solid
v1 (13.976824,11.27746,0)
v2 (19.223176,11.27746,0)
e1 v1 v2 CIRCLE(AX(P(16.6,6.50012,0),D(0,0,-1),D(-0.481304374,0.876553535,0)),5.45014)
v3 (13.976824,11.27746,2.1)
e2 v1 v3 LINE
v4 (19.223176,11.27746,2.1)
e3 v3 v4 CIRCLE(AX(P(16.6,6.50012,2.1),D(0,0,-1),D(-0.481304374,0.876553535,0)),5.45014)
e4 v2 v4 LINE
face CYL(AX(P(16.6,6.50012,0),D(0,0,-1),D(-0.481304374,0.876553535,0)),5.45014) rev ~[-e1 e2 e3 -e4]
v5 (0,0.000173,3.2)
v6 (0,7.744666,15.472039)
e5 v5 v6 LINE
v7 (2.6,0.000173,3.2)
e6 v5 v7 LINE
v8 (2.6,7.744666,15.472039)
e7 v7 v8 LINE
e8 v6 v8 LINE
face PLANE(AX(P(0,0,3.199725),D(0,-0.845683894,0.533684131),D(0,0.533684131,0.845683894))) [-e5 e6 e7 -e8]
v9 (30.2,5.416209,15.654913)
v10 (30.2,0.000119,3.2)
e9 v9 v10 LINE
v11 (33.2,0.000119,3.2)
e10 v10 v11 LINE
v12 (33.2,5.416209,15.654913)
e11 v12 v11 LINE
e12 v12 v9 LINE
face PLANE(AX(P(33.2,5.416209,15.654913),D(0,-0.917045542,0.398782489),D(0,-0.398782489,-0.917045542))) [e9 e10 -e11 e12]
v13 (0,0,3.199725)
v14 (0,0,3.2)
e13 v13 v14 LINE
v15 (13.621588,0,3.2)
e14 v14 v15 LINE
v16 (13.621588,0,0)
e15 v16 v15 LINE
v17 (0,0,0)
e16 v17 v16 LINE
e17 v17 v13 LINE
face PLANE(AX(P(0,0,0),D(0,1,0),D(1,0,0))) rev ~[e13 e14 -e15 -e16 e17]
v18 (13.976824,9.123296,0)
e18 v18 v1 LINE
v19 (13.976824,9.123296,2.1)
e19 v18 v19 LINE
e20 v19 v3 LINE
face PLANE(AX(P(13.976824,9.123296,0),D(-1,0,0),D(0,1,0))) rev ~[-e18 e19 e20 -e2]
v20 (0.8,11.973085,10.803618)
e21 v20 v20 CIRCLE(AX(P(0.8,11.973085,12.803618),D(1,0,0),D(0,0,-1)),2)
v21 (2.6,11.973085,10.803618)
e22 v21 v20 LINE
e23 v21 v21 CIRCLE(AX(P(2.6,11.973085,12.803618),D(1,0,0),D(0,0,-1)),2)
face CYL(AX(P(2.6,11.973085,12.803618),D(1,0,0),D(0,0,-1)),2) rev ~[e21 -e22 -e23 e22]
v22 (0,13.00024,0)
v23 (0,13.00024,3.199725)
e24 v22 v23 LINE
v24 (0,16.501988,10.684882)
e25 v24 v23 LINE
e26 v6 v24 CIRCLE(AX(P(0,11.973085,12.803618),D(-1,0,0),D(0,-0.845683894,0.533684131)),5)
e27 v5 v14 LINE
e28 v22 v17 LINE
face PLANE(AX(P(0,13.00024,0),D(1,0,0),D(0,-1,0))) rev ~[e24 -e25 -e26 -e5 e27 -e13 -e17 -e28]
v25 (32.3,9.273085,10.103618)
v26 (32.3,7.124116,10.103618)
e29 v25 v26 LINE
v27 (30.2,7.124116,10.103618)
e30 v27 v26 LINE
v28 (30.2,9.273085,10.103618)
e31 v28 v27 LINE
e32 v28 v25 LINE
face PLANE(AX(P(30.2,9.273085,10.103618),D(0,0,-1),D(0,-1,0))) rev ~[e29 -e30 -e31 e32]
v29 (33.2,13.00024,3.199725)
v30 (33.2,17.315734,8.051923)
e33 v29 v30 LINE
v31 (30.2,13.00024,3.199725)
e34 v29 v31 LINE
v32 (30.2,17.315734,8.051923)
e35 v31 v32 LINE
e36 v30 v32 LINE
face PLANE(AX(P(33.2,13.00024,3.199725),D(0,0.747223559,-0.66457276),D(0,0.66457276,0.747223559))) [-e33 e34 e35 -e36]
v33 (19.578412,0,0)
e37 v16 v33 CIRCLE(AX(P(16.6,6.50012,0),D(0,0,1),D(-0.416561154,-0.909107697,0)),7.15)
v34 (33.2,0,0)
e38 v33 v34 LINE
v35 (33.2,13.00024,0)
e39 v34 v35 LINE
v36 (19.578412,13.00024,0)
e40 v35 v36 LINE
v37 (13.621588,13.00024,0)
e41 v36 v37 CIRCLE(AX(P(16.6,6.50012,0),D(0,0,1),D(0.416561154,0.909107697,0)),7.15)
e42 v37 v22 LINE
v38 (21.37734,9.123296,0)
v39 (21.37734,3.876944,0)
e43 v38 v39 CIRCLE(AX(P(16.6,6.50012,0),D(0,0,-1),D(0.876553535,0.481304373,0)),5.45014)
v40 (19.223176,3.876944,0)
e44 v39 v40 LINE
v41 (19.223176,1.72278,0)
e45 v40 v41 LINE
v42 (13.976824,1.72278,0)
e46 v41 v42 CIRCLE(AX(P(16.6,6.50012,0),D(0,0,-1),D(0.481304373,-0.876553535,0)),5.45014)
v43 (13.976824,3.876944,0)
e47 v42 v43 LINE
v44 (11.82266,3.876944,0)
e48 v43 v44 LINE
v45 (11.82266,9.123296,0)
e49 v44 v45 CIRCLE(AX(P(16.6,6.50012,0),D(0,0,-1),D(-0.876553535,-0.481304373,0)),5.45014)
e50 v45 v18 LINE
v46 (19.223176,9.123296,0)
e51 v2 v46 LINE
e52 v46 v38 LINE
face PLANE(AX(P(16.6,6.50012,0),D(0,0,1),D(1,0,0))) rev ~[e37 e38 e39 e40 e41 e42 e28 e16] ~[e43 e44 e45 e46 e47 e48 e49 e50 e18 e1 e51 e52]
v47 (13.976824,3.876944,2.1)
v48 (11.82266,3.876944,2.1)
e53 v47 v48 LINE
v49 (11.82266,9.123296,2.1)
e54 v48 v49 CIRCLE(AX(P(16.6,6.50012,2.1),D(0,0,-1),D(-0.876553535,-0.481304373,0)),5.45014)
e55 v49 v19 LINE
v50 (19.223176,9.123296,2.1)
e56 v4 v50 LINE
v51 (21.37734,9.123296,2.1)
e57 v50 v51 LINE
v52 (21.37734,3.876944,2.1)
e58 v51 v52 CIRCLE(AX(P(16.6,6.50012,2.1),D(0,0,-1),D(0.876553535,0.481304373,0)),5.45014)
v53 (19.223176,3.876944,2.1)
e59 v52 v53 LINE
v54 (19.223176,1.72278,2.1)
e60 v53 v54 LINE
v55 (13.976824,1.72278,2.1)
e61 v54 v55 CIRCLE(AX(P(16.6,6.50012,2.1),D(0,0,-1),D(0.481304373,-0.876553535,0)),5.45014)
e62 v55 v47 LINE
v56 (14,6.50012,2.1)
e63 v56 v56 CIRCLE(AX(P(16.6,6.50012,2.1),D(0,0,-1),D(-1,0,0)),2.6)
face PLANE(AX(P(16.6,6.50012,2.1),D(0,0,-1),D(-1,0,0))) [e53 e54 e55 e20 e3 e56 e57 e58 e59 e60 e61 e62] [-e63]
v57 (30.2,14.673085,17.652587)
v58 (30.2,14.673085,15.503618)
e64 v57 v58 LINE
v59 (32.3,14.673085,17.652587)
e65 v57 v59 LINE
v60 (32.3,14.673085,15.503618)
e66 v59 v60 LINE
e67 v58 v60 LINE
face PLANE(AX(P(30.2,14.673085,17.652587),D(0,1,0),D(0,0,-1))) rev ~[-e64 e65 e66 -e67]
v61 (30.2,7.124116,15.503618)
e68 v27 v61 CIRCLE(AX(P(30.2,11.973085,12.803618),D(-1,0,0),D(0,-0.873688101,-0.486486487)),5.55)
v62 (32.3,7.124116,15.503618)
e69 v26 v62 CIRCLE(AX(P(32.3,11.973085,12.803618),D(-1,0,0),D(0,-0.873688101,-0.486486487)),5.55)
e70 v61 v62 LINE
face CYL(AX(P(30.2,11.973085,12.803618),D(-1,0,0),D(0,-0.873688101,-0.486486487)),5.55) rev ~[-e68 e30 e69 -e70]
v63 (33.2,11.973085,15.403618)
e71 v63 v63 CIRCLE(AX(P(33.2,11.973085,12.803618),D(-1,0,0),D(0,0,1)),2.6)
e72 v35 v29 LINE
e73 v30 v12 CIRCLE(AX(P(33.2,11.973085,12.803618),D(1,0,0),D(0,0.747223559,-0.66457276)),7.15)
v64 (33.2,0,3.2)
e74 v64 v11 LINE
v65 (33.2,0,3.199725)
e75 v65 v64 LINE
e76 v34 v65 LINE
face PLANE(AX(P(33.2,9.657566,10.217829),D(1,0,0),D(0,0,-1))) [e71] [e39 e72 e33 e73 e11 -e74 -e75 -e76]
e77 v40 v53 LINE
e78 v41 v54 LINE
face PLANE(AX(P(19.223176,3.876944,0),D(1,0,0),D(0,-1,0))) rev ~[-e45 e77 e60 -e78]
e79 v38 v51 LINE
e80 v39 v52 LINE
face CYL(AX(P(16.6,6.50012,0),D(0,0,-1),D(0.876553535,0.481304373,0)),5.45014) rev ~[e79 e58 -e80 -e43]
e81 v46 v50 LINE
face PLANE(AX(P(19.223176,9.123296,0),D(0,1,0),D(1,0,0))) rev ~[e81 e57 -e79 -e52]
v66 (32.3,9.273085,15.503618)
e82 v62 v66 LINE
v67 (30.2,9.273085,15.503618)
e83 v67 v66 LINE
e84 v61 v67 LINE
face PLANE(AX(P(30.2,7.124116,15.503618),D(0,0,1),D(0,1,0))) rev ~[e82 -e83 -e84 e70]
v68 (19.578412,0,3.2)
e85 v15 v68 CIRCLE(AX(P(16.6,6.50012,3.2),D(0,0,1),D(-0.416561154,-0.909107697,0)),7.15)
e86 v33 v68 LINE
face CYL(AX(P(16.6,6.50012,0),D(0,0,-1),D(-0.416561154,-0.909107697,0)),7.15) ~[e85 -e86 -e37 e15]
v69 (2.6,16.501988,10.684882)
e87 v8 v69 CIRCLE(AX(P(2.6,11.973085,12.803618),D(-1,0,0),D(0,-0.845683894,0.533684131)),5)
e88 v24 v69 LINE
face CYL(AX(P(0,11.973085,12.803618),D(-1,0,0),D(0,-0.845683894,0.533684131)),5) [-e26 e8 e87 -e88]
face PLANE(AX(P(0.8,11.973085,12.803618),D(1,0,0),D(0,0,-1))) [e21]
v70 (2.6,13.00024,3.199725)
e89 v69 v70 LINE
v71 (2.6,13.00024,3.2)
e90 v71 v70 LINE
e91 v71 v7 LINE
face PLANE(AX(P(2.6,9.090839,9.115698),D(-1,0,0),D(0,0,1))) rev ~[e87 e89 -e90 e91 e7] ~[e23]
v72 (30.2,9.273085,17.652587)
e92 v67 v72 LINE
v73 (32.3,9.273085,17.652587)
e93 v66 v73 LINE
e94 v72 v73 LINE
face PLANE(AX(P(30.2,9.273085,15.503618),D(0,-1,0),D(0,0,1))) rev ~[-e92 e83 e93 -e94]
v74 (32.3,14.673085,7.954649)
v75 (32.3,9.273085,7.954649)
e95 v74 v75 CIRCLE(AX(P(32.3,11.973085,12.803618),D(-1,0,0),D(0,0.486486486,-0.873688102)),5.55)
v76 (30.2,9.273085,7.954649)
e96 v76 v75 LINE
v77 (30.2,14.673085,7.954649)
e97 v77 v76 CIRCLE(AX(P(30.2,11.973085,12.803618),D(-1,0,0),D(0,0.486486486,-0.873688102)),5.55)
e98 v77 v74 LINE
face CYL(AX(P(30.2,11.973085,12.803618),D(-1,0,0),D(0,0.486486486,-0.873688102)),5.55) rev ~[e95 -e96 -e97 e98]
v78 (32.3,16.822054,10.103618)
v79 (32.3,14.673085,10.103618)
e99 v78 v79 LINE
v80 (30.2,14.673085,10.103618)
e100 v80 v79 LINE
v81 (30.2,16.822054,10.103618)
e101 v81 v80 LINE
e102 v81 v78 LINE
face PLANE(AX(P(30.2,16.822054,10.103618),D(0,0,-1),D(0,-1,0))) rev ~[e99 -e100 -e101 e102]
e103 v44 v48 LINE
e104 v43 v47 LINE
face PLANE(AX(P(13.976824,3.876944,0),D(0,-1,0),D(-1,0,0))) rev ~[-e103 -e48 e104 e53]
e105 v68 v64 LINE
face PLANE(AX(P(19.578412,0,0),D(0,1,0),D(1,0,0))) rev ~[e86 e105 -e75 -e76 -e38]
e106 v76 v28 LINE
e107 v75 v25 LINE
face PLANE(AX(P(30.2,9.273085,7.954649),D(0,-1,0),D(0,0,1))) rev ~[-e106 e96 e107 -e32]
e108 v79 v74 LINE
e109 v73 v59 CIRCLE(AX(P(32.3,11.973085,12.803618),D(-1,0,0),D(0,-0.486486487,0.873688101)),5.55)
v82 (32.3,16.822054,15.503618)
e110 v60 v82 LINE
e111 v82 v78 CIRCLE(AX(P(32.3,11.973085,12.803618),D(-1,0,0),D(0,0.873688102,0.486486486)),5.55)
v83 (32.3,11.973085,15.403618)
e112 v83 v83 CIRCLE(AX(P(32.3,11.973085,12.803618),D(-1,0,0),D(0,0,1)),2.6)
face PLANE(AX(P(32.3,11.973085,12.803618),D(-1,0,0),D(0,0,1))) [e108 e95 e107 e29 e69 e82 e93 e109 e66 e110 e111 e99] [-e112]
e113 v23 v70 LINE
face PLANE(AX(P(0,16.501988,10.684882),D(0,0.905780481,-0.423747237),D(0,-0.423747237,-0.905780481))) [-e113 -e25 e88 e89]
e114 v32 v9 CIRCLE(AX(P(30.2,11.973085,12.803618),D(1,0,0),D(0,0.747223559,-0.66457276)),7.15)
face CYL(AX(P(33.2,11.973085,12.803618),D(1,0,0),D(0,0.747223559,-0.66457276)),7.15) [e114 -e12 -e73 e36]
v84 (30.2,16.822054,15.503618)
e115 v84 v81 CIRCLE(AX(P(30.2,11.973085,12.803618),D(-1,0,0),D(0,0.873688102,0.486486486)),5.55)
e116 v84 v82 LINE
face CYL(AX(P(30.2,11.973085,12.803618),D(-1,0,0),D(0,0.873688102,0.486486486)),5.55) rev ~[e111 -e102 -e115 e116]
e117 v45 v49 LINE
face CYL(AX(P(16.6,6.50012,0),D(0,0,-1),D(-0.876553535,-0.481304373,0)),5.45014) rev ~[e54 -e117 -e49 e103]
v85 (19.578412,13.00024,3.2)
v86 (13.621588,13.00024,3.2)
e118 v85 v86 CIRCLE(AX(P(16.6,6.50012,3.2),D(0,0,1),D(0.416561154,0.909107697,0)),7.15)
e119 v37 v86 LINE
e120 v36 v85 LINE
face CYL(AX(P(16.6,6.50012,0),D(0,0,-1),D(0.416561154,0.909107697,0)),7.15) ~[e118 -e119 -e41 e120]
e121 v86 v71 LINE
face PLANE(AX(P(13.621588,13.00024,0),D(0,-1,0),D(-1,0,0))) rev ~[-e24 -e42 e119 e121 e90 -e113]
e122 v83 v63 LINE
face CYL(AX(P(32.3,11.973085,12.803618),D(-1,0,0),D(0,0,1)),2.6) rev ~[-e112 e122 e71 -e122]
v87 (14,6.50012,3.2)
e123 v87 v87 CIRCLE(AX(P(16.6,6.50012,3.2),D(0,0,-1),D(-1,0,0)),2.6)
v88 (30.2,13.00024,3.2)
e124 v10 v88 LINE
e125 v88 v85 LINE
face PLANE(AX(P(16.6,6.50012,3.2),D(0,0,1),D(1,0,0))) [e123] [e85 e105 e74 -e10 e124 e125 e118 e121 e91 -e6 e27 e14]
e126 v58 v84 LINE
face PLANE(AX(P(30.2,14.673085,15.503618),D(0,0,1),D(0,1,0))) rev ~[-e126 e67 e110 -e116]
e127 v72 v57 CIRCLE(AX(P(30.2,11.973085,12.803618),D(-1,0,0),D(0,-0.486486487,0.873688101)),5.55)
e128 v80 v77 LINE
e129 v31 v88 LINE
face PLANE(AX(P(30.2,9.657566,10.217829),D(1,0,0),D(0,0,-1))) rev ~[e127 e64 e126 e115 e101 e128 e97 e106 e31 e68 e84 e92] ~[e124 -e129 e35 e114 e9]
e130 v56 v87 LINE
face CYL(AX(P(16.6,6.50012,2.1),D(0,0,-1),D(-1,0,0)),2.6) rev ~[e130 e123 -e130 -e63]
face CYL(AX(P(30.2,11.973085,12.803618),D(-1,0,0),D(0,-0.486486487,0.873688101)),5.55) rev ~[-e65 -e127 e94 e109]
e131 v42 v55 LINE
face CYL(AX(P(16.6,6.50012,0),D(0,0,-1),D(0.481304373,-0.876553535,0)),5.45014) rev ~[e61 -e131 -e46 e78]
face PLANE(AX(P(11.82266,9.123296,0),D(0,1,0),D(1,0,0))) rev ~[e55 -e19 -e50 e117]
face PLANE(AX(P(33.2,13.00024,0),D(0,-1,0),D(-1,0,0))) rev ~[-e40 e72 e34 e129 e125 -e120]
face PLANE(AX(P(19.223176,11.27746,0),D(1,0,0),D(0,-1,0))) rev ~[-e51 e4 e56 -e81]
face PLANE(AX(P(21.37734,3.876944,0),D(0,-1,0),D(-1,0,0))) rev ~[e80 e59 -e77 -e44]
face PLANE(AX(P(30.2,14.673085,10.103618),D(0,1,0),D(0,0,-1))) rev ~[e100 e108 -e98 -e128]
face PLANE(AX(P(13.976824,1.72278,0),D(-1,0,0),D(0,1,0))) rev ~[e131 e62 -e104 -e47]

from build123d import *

# Parameters (mm, degrees)
EXTRUDE_1_DEPTH     = 3.2
EXTRUDE_2_DEPTH     = 2.6
EXTRUDE_3_DEPTH     = 3
CUT_EXTRUDE_1_DEPTH = 2.1
SKETCH_5_R          = 2.6
CUT_EXTRUDE_2_DEPTH = 1.1
CUT_EXTRUDE_3_DEPTH = 2.1
SKETCH_7_R          = 2.6
CUT_EXTRUDE_4_DEPTH = 0.9
SKETCH_8_R          = 2
CUT_EXTRUDE_5_DEPTH = 1.8


with BuildPart() as part:
    # ｽｹｯﾁ1 → ﾎﾞｽ - 押し出し1 (new body)
    with BuildSketch(Plane.XY):
        with BuildLine():
            Line((0, 0), (13.621587752, 0))
            ThreePointArc((13.621587752, 0), (16.6, -0.649879964), (19.578412248, 0))
            Line((19.578412248, 0), (33.2, 0))
            Line((33.2, 0), (33.2, 13.000240072))
            Line((33.2, 13.000240072), (19.578412248, 13.000240072))
            ThreePointArc((19.578412248, 13.000240072), (16.6, 13.650120036), (13.621587752, 13.000240072))
            Line((13.621587752, 13.000240072), (0, 13.000240072))
            Line((0, 13.000240072), (0, 0))
        make_face()
    extrude(amount=EXTRUDE_1_DEPTH)

    # ｽｹｯﾁ2 → ﾎﾞｽ - 押し出し2 (add)
    with BuildSketch(Plane.ZY):
        with BuildLine():
            Line((3.199725342, 0), (15.472038891, 7.74466563))
            ThreePointArc((15.472038891, 7.74466563), (17.190896421, 14.371374104), (10.684882054, 16.501987504))
            Line((10.684882054, 16.501987504), (3.199725342, 13.000240072))
            Line((3.199725342, 13.000240072), (3.199725342, 0))
        make_face()
    extrude(amount=-EXTRUDE_2_DEPTH)

    # ｽｹｯﾁ3 → ﾎﾞｽ - 押し出し3 (add)
    with BuildSketch(Plane(origin=(33.2, 0, 0), x_dir=(0, 0, -1), z_dir=(1, 0, 0))):
        with BuildLine():
            Line((-3.199725342, 13.000240072), (-8.051923005, 17.315733546))
            ThreePointArc((-8.051923005, 17.315733546), (-18.828777882, 15.822754082), (-15.654913036, 5.416209475))
            Line((-15.654913036, 5.416209475), (-3.199725342, 0))
            Line((-3.199725342, 0), (-3.199725342, 13.000240072))
        make_face()
    extrude(amount=-EXTRUDE_3_DEPTH)

    # ｽｹｯﾁ4 → ｶｯﾄ - 押し出し1 (cut)
    with BuildSketch(Plane(origin=(0, 0, 0), x_dir=(-1, 0, 0), z_dir=(0, 0, -1))):
        with BuildLine():
            Line((-19.223176421, 11.277459888), (-19.223176421, 9.123296456))
            Line((-19.223176421, 9.123296456), (-21.377339853, 9.123296456))
            ThreePointArc((-21.377339853, 9.123296456), (-22.05014042, 6.500120036), (-21.377339853, 3.876943615))
            Line((-21.377339853, 3.876943615), (-19.223176421, 3.876943615))
            Line((-19.223176421, 3.876943615), (-19.223176421, 1.722780183))
            ThreePointArc((-19.223176421, 1.722780183), (-16.6, 1.049979616), (-13.976823579, 1.722780183))
            Line((-13.976823579, 1.722780183), (-13.976823579, 3.876943615))
            Line((-13.976823579, 3.876943615), (-11.822660147, 3.876943615))
            ThreePointArc((-11.822660147, 3.876943615), (-11.14985958, 6.500120036), (-11.822660147, 9.123296456))
            Line((-11.822660147, 9.123296456), (-13.976823579, 9.123296456))
            Line((-13.976823579, 9.123296456), (-13.976823579, 11.277459888))
            ThreePointArc((-13.976823579, 11.277459888), (-16.6, 11.950260456), (-19.223176421, 11.277459888))
        make_face()
    extrude(amount=-CUT_EXTRUDE_1_DEPTH, mode=Mode.SUBTRACT)

    # ｽｹｯﾁ5 → ｶｯﾄ - 押し出し2 (cut)
    with BuildSketch(Plane(origin=(0, 0, 2.1), x_dir=(-1, 0, 0), z_dir=(0, 0, -1))):
        with Locations((-16.6, 6.500120036)):
            Circle(SKETCH_5_R)
    extrude(amount=-CUT_EXTRUDE_2_DEPTH, mode=Mode.SUBTRACT)

    # ｽｹｯﾁ6 → ｶｯﾄ - 押し出し3 (cut)
    with BuildSketch(Plane.ZY.offset(-30.2)):
        with BuildLine():
            Line((15.503618238, 7.124116138), (15.503618238, 9.2730851))
            Line((15.503618238, 9.2730851), (17.6525872, 9.2730851))
            ThreePointArc((17.6525872, 9.2730851), (18.353618238, 11.9730851), (17.6525872, 14.6730851))
            Line((17.6525872, 14.6730851), (15.503618238, 14.6730851))
            Line((15.503618238, 14.6730851), (15.503618238, 16.822054063))
            ThreePointArc((15.503618238, 16.822054063), (12.803618238, 17.5230851), (10.103618238, 16.822054063))
            Line((10.103618238, 16.822054063), (10.103618238, 14.6730851))
            Line((10.103618238, 14.6730851), (7.954649275, 14.6730851))
            ThreePointArc((7.954649275, 14.6730851), (7.253618238, 11.9730851), (7.954649275, 9.2730851))
            Line((7.954649275, 9.2730851), (10.103618238, 9.2730851))
            Line((10.103618238, 9.2730851), (10.103618238, 7.124116138))
            ThreePointArc((10.103618238, 7.124116138), (12.803618238, 6.4230851), (15.503618238, 7.124116138))
        make_face()
    extrude(amount=-CUT_EXTRUDE_3_DEPTH, mode=Mode.SUBTRACT)

    # ｽｹｯﾁ7 → ｶｯﾄ - 押し出し4 (cut)
    with BuildSketch(Plane.ZY.offset(-32.3)):
        with Locations((12.803618238, 11.9730851)):
            Circle(SKETCH_7_R)
    extrude(amount=-CUT_EXTRUDE_4_DEPTH, mode=Mode.SUBTRACT)

    # ｽｹｯﾁ8 → ｶｯﾄ - 押し出し5 (cut)
    with BuildSketch(Plane(origin=(2.6, 0, 0), x_dir=(0, 0, -1), z_dir=(1, 0, 0))):
        with Locations((-12.803618238, 11.9730851)):
            Circle(SKETCH_8_R)
    extrude(amount=-CUT_EXTRUDE_5_DEPTH, mode=Mode.SUBTRACT)


solid = part.part
